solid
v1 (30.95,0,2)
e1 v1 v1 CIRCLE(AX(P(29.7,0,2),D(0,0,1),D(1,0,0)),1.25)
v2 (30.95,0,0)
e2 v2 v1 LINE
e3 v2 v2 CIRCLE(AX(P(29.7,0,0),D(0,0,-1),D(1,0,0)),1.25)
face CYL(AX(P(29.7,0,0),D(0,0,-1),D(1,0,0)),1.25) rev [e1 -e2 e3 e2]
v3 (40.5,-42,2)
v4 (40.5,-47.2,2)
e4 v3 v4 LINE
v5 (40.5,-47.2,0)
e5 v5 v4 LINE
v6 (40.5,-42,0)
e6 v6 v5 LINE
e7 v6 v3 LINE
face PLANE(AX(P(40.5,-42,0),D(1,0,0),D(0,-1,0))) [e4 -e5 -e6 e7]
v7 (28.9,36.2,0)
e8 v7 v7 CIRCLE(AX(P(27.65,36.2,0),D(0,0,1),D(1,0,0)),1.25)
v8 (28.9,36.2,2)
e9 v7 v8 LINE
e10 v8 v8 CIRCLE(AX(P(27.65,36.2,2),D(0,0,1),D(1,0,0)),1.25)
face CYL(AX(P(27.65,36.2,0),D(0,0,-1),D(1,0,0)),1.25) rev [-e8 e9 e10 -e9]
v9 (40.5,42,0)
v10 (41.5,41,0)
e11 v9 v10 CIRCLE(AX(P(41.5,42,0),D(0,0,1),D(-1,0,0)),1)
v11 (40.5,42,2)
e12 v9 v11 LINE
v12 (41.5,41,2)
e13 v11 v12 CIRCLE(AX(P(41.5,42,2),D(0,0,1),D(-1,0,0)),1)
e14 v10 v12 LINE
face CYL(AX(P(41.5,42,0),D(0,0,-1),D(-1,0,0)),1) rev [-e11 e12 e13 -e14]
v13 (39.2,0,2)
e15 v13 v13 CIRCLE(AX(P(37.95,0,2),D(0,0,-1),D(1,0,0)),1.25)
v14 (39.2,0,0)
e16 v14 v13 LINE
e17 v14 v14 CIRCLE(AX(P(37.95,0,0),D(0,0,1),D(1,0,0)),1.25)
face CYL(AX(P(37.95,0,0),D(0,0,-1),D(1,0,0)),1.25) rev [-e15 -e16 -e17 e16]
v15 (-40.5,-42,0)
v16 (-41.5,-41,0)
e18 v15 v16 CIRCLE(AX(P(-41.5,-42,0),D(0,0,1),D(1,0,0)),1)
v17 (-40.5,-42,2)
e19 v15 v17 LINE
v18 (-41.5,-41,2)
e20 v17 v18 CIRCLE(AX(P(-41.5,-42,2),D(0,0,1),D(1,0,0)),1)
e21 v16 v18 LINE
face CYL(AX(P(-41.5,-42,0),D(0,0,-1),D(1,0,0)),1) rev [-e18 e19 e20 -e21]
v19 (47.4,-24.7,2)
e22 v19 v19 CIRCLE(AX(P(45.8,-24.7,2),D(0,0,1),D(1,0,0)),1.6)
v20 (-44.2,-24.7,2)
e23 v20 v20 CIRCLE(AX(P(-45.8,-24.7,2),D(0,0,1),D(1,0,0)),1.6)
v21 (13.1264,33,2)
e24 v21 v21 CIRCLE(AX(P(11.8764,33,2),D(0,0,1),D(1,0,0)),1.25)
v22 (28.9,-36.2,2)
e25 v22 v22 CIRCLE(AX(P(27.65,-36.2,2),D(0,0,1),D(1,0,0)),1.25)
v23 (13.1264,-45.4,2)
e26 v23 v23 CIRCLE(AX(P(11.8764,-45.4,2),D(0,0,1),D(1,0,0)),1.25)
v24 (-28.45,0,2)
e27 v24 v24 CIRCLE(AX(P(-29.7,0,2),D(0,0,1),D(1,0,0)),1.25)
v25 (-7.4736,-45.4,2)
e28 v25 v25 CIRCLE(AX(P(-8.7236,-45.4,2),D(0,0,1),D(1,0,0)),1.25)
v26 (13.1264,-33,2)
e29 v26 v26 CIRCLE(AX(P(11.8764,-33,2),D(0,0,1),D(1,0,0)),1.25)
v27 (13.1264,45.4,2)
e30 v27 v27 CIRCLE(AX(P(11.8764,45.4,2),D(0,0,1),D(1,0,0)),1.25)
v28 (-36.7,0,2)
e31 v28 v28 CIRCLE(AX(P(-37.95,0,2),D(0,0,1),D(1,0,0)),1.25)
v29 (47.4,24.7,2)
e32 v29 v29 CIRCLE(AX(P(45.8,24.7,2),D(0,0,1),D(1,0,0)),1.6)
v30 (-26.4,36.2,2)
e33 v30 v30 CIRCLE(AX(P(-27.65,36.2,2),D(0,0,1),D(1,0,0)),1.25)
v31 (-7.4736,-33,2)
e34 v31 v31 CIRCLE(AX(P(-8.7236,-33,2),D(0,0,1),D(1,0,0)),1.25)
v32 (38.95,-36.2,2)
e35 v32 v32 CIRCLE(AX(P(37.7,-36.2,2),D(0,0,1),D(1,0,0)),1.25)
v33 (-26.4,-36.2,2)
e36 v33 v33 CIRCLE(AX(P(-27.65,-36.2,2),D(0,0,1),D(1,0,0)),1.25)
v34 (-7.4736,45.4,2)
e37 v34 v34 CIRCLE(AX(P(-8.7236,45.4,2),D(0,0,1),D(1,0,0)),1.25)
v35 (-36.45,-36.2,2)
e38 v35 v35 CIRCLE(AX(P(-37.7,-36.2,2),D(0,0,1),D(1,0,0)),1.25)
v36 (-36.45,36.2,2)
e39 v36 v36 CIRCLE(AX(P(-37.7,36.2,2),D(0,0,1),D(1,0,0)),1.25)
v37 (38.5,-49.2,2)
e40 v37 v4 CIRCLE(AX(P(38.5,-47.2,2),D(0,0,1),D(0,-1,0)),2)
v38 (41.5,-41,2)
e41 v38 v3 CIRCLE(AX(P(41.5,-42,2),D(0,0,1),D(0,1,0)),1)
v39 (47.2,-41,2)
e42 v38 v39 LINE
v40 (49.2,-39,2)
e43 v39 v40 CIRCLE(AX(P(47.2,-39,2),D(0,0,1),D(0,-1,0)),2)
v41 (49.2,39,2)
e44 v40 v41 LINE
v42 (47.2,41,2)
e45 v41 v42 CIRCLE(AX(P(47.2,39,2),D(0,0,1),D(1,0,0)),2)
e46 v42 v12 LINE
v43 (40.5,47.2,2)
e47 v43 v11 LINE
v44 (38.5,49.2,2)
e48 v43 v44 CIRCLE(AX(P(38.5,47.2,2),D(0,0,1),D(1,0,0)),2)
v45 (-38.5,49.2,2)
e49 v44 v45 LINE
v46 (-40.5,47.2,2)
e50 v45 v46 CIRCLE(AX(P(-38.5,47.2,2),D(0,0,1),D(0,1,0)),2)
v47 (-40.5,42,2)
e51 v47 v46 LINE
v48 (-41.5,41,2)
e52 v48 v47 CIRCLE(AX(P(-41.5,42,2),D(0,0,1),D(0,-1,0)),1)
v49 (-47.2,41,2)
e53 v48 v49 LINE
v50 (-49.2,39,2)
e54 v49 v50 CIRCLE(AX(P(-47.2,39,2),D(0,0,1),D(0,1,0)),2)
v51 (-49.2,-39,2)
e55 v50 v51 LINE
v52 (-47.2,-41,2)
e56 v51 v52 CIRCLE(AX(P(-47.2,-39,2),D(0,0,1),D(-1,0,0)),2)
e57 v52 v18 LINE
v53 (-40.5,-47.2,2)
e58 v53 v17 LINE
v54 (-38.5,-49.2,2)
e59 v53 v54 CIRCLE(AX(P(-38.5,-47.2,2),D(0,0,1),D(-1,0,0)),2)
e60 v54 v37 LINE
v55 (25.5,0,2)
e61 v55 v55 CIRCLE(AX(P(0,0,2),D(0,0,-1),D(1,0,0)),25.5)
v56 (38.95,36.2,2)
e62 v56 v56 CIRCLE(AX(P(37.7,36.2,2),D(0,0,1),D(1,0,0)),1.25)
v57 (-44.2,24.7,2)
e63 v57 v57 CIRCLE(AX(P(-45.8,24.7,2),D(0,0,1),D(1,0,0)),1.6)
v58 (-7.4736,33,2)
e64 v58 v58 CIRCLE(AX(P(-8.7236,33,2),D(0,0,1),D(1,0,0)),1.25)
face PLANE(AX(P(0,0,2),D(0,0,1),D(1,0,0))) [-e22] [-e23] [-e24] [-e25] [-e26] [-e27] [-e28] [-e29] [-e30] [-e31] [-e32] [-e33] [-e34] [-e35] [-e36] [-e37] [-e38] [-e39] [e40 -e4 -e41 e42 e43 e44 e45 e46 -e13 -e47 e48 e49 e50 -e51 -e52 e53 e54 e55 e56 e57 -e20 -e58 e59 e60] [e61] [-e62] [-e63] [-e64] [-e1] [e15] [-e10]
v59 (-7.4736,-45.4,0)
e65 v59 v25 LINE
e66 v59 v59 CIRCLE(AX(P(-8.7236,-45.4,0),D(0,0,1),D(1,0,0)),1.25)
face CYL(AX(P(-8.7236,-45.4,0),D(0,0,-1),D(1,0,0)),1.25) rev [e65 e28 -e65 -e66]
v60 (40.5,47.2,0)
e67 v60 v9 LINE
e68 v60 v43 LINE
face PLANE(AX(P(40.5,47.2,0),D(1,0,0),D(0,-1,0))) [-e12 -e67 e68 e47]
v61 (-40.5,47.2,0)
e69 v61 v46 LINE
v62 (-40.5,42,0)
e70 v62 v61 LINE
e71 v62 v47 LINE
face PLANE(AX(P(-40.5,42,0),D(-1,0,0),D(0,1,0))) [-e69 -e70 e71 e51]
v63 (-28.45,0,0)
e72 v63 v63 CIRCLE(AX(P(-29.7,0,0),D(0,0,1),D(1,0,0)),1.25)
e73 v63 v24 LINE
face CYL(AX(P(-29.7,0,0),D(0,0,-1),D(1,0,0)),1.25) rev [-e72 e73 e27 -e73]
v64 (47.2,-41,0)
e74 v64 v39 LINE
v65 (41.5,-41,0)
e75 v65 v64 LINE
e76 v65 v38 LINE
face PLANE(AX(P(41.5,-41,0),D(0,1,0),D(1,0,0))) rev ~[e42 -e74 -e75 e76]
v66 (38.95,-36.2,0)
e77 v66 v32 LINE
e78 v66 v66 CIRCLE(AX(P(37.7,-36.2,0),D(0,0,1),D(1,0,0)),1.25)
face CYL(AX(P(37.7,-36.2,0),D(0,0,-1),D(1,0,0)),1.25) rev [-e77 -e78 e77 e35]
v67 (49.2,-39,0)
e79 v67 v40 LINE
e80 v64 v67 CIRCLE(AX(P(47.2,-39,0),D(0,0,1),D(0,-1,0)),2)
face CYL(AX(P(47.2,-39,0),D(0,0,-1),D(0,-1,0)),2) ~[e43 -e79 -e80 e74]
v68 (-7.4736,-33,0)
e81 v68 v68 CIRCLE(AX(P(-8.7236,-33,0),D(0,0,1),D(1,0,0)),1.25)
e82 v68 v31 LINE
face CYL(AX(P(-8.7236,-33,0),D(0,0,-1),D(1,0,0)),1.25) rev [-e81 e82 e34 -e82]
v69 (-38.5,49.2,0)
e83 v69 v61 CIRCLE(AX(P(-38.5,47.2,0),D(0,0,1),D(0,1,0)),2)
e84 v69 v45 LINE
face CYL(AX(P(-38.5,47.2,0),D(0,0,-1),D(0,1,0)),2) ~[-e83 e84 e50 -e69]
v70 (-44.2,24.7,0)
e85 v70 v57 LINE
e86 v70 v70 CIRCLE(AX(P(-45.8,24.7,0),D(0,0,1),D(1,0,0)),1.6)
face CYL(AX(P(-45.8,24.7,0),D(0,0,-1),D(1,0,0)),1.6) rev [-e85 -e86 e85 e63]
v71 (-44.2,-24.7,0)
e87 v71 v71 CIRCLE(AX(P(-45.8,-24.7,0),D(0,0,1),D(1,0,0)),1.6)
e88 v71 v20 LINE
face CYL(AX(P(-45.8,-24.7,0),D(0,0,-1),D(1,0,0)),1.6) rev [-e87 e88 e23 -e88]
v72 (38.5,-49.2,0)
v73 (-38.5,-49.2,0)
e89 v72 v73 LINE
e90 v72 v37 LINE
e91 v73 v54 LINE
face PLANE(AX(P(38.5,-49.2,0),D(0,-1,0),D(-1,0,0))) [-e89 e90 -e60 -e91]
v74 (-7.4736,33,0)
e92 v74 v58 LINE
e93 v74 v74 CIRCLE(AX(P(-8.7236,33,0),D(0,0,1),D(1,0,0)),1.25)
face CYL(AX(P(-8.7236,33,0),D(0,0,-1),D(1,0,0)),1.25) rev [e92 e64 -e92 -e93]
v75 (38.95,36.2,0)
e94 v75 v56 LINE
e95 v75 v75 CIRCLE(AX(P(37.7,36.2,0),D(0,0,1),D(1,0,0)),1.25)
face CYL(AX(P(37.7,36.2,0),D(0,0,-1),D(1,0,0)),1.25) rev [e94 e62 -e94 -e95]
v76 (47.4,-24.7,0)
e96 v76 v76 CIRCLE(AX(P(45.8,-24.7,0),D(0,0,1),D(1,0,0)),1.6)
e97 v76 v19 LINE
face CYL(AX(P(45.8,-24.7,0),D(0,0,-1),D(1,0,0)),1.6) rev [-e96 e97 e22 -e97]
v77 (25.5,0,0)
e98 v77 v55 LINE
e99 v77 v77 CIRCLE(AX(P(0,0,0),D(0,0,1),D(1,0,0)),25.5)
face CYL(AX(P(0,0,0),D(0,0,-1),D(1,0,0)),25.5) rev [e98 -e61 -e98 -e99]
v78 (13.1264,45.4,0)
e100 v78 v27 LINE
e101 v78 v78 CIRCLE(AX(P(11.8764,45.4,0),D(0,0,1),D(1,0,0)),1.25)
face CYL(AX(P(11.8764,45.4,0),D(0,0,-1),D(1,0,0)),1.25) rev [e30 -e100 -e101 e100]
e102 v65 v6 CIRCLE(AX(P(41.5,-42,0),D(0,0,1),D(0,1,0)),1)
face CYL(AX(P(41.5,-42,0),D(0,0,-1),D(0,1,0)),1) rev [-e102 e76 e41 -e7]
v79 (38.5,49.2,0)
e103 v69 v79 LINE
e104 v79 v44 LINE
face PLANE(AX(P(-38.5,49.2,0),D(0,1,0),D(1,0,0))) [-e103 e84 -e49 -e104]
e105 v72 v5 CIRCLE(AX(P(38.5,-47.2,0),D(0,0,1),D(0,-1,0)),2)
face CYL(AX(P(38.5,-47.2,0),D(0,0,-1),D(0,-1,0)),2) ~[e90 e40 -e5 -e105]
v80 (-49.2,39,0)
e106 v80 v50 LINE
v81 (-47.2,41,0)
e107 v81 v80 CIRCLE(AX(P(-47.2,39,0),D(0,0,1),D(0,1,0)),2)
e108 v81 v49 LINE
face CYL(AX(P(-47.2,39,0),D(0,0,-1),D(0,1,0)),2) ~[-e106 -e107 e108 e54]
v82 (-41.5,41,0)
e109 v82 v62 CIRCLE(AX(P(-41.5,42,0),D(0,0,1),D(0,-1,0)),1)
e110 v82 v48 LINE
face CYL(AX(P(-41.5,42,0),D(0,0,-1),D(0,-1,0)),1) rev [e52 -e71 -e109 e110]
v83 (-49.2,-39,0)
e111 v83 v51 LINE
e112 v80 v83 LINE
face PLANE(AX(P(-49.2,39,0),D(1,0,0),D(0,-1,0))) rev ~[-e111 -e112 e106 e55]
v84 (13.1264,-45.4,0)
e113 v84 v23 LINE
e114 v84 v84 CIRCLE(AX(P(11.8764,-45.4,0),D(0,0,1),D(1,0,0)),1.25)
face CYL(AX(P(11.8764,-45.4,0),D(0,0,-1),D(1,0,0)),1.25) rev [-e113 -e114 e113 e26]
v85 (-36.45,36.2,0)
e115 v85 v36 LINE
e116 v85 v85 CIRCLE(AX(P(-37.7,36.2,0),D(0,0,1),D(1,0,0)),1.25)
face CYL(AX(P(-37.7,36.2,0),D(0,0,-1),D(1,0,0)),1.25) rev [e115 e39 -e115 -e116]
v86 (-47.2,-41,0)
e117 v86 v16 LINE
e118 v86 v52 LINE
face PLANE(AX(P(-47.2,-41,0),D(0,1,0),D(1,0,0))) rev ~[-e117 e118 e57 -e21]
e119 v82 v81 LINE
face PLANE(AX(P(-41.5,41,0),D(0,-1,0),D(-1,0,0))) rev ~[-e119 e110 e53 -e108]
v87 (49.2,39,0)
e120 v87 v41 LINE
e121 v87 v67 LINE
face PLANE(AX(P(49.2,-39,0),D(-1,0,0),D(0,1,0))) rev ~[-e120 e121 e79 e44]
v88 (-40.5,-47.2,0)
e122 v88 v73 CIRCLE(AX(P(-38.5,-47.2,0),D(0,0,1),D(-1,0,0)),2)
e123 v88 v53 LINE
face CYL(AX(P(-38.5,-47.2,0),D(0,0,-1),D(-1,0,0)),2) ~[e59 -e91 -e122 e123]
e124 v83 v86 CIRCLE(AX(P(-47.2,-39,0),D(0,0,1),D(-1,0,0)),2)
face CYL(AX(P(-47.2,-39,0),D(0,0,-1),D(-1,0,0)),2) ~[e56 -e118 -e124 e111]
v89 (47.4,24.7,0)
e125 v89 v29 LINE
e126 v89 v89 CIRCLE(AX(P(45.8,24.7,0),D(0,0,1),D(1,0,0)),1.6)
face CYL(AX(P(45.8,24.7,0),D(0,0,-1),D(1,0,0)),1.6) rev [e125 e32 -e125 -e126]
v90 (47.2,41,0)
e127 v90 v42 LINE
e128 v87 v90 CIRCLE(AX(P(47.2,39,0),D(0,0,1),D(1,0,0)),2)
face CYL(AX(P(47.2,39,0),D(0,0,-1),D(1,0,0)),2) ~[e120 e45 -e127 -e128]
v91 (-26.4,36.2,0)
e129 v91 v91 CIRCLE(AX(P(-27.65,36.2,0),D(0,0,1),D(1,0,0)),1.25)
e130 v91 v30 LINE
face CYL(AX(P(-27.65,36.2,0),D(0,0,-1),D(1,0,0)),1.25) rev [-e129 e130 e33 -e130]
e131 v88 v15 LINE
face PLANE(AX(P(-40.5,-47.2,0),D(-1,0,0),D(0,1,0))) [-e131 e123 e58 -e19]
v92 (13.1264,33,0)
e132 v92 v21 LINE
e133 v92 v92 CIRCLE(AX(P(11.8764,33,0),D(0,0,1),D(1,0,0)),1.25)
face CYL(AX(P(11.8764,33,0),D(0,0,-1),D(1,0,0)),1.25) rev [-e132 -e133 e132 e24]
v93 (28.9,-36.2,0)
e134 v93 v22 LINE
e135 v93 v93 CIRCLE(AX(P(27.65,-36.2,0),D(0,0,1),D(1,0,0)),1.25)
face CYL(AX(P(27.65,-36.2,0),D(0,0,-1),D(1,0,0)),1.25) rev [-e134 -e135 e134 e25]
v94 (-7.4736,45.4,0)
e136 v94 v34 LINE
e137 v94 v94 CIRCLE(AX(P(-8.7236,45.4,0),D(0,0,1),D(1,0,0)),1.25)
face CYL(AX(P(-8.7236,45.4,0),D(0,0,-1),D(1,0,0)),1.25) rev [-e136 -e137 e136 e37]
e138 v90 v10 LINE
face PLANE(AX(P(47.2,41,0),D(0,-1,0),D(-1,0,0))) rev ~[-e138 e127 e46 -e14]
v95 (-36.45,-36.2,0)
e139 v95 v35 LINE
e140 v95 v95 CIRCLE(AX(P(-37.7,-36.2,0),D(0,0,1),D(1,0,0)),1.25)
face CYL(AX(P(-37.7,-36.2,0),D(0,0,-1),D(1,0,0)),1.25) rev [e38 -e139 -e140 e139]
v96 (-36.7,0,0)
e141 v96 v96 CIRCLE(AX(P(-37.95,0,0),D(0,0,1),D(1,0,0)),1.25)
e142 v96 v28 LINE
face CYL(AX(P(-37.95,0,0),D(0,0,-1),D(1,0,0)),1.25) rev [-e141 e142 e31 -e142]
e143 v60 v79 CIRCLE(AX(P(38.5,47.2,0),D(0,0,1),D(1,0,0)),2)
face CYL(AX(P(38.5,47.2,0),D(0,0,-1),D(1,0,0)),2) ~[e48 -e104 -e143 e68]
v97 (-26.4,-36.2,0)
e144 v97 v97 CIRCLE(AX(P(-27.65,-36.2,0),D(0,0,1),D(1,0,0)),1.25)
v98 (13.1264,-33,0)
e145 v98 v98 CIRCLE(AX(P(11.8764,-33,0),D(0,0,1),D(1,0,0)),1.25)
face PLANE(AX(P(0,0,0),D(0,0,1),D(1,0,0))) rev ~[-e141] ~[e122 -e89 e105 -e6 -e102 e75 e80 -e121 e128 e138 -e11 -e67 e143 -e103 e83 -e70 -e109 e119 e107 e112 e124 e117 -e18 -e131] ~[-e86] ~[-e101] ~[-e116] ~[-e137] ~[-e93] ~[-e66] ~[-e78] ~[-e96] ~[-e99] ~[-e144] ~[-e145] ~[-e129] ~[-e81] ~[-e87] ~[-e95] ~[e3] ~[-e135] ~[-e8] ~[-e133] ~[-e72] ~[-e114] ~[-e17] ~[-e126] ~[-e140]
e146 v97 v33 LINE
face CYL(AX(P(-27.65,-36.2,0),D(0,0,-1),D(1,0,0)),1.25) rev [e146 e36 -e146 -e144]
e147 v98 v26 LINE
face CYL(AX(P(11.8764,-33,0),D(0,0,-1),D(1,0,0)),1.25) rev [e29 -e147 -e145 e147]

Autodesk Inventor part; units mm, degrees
ref_plane "YZ Plane" through (0, 0, 0) normal (1, 0, 0) x (0, 1, 0)
ref_plane "XZ Plane" through (0, 0, 0) normal (0, 1, 0) x (-1, 0, 0)
ref_plane "XY Plane" through (0, 0, 0) normal (0, 0, 1) x (1, 0, 0)
sketch "Sketch1" plane through (0, 0, 0) normal (0, 0, 1) x (1, 0, 0)
  circle A0 centre (0, 0) radius 25.5
  line L0 (-41.5, 41) -> (-47.2, 41)
  line L1 (-49.2, 39) -> (-49.2, -39)
  line L2 (41.5, -41) -> (47.2, -41)
  line L3 (49.2, -39) -> (49.2, 39)
  line L4 (49.2, 41) -> (-49.2, -41) construction
  line L5 (-49.2, 41) -> (49.2, -41) construction
  circle A1 centre (-45.8, 24.7) radius 1.6
  circle A2 centre (-45.8, -24.7) radius 1.6
  circle A3 centre (45.8, -24.7) radius 1.6
  circle A4 centre (45.8, 24.7) radius 1.6
  line L6 (38.5, -49.2) -> (-38.5, -49.2)
  line L7 (-40.5, 42) -> (-40.5, 47.2)
  line L8 (-38.5, 49.2) -> (38.5, 49.2)
  line L9 (40.5, -42) -> (40.5, -47.2)
  line L10 (40.5, -49.2) -> (-40.5, 49.2) construction
  line L11 (-40.5, -49.2) -> (40.5, 49.2) construction
  circle A5 centre (29.7, 0) radius 1.25
  circle A6 centre (37.95, 0) radius 1.25
  arc A7 (49.2, 39) -> (47.2, 41) centre (47.2, 39) ccw
  arc A8 (40.5, 47.2) -> (38.5, 49.2) centre (38.5, 47.2) ccw
  arc A9 (-38.5, 49.2) -> (-40.5, 47.2) centre (-38.5, 47.2) ccw
  arc A10 (-47.2, 41) -> (-49.2, 39) centre (-47.2, 39) ccw
  arc A11 (-49.2, -39) -> (-47.2, -41) centre (-47.2, -39) ccw
  arc A12 (-40.5, -47.2) -> (-38.5, -49.2) centre (-38.5, -47.2) ccw
  arc A13 (38.5, -49.2) -> (40.5, -47.2) centre (38.5, -47.2) ccw
  arc A14 (47.2, -41) -> (49.2, -39) centre (47.2, -39) ccw
  arc A15 (-41.5, 41) -> (-40.5, 42) centre (-41.5, 42) ccw
  arc A16 (41.5, -41) -> (40.5, -42) centre (41.5, -42) ccw
  line L12 (47.2, 41) -> (41.5, 41)
  line L13 (40.5, 47.2) -> (40.5, 42)
  line L14 (-40.5, -47.2) -> (-40.5, -42)
  line L15 (-47.2, -41) -> (-41.5, -41)
  arc A17 (-40.5, -42) -> (-41.5, -41) centre (-41.5, -42) ccw
  arc A18 (40.5, 42) -> (41.5, 41) centre (41.5, 42) ccw
  circle A19 centre (37.7, 36.2) radius 1.25
  circle A20 centre (27.65, 36.2) radius 1.25
  line L16 (0, 0) -> (74.274, 0)
  line L17 (0, 0) -> (0, 66.673)
  circle A21 centre (37.7, -36.2) radius 1.25
  circle A22 centre (27.65, -36.2) radius 1.25
  circle A23 centre (-37.7, 36.2) radius 1.25
  circle A24 centre (-27.65, 36.2) radius 1.25
  circle A25 centre (-37.7, -36.2) radius 1.25
  circle A26 centre (-27.65, -36.2) radius 1.25
  circle A27 centre (-29.7, 0) radius 1.25
  circle A28 centre (-37.95, 0) radius 1.25
  line L18 (-4.9236, -49.2) -> (8.0764, -49.2)
  line L19 (8.0764, -49.2) -> (8.0764, -29.2)
  line L20 (8.0764, -29.2) -> (-4.9236, -29.2)
  line L21 (-4.9236, -29.2) -> (-4.9236, -49.2)
  circle A29 centre (11.8764, -33) radius 1.25
  circle A30 centre (11.8764, -45.4) radius 1.25
  circle A31 centre (-8.7236, -45.4) radius 1.25
  circle A32 centre (-8.7236, -33) radius 1.25
  line L22 (38.5, 49.2) -> (-38.5, 49.2)
  line L23 (8.0764, 49.2) -> (8.0764, 29.2)
  line L24 (8.0764, 29.2) -> (-4.9236, 29.2)
  line L25 (-4.9236, 29.2) -> (-4.9236, 49.2)
  circle A33 centre (11.8764, 33) radius 1.25
  circle A34 centre (11.8764, 45.4) radius 1.25
  circle A35 centre (-8.7236, 45.4) radius 1.25
  circle A36 centre (-8.7236, 33) radius 1.25
  point P0 (41, -41)
  point P1 (-41, -41)
  point P2 (-41, 41)
  point P3 (41, 41)
  point P4 (-40.5, -44.6)
  dimension "d0" = 51
  dimension "d1" = 98.4
  dimension "d2" = 82
  dimension "d29" = 82
  dimension "d50" = 3.2
  dimension "d52" = 3.2
  dimension "d53" = 3.2
  dimension "d55" = 3.2
  dimension "d57" = 49.4
  dimension "d58" = 49.4
  dimension "d59" = 91.6
  dimension "d60" = 91.6
  dimension "d61" = 45.8
  dimension "d62" = 45.8
  dimension "d63" = 24.7
  dimension "d64" = 24.7
  dimension "d67" = 81
  dimension "d68" = 98.4
  dimension "d73" = 2.5
  dimension "d74" = 2.5
  dimension "d77" = 11.25
  dimension "d79" = 2
  dimension "d80" = 1
  dimension "d81" = 1
  dimension "d82" = 1
  dimension "d83" = 2.5
  dimension "d84" = 2.5
  dimension "d85" = 13
  dimension "d86" = 13
  dimension "d87" = 11.5
  dimension "d91" = 10.05
  dimension "d92" = 8.25
  dimension "d93" = 13
  dimension "d94" = 20
  dimension "d95" = 2.5
  dimension "d96" = 2.5
  dimension "d97" = 2.5
  dimension "d98" = 2.5
  dimension "d99" = 3.8
  dimension "d100" = 3.8
  dimension "d101" = 3.8
  dimension "d102" = 3.8
  dimension "d103" = 3.8
  dimension "d104" = 3.8
  dimension "d105" = 3.8
  dimension "d106" = 3.8
  dimension "d108" = 72.4
  dimension "d109" = 10.05
  dimension "d110" = 8.25
  dimension "d111" = 29.7
extrude "Extrusión15" add sketch "Sketch1" along normal blind 2 contours L16 A5 A6 L3 A14 L2 A16 L9 A13 L6 L19 L20 L21 A12 L14 A17 L15 A11 L1 A10 L0 A15 L7 A9 L8 L25 L24 L17 A0 | A0 L17 L24 L23 L8 A8 L13 A18 L12 A7 L3 L16 A6 A5 | L24 L25 L8 L17 | L17 L8 L23 L24 | L6 L21 L20 L19
equation "\"d52\" = d50"
equation "\"d53\" = d54"
equation "\"d55\" = d56"
equation "\"d58\" = d57"
equation "\"d60\" = d59"
equation "\"d61\" = 0.5 * d59"
equation "\"d62\" = d61"
equation "\"d63\" = 0.5 * d57"
equation "\"d64\" = d63"
equation "\"d74\" = d73"
equation "\"d83\" = d73"
equation "\"d84\" = d73"
equation "\"d86\" = d85"
equation "\"d96\" = d95"
equation "\"d97\" = d95"
equation "\"d98\" = d95"
equation "\"d99\" = d100"
equation "\"d101\" = d100"
equation "\"d102\" = d100"
equation "\"d103\" = d104"
equation "\"d105\" = d104"
equation "\"d106\" = d104"
equation "\"d54\" = 3.2"
equation "\"d56\" = 3.2"
properties part number "PCB_3DPrint"
